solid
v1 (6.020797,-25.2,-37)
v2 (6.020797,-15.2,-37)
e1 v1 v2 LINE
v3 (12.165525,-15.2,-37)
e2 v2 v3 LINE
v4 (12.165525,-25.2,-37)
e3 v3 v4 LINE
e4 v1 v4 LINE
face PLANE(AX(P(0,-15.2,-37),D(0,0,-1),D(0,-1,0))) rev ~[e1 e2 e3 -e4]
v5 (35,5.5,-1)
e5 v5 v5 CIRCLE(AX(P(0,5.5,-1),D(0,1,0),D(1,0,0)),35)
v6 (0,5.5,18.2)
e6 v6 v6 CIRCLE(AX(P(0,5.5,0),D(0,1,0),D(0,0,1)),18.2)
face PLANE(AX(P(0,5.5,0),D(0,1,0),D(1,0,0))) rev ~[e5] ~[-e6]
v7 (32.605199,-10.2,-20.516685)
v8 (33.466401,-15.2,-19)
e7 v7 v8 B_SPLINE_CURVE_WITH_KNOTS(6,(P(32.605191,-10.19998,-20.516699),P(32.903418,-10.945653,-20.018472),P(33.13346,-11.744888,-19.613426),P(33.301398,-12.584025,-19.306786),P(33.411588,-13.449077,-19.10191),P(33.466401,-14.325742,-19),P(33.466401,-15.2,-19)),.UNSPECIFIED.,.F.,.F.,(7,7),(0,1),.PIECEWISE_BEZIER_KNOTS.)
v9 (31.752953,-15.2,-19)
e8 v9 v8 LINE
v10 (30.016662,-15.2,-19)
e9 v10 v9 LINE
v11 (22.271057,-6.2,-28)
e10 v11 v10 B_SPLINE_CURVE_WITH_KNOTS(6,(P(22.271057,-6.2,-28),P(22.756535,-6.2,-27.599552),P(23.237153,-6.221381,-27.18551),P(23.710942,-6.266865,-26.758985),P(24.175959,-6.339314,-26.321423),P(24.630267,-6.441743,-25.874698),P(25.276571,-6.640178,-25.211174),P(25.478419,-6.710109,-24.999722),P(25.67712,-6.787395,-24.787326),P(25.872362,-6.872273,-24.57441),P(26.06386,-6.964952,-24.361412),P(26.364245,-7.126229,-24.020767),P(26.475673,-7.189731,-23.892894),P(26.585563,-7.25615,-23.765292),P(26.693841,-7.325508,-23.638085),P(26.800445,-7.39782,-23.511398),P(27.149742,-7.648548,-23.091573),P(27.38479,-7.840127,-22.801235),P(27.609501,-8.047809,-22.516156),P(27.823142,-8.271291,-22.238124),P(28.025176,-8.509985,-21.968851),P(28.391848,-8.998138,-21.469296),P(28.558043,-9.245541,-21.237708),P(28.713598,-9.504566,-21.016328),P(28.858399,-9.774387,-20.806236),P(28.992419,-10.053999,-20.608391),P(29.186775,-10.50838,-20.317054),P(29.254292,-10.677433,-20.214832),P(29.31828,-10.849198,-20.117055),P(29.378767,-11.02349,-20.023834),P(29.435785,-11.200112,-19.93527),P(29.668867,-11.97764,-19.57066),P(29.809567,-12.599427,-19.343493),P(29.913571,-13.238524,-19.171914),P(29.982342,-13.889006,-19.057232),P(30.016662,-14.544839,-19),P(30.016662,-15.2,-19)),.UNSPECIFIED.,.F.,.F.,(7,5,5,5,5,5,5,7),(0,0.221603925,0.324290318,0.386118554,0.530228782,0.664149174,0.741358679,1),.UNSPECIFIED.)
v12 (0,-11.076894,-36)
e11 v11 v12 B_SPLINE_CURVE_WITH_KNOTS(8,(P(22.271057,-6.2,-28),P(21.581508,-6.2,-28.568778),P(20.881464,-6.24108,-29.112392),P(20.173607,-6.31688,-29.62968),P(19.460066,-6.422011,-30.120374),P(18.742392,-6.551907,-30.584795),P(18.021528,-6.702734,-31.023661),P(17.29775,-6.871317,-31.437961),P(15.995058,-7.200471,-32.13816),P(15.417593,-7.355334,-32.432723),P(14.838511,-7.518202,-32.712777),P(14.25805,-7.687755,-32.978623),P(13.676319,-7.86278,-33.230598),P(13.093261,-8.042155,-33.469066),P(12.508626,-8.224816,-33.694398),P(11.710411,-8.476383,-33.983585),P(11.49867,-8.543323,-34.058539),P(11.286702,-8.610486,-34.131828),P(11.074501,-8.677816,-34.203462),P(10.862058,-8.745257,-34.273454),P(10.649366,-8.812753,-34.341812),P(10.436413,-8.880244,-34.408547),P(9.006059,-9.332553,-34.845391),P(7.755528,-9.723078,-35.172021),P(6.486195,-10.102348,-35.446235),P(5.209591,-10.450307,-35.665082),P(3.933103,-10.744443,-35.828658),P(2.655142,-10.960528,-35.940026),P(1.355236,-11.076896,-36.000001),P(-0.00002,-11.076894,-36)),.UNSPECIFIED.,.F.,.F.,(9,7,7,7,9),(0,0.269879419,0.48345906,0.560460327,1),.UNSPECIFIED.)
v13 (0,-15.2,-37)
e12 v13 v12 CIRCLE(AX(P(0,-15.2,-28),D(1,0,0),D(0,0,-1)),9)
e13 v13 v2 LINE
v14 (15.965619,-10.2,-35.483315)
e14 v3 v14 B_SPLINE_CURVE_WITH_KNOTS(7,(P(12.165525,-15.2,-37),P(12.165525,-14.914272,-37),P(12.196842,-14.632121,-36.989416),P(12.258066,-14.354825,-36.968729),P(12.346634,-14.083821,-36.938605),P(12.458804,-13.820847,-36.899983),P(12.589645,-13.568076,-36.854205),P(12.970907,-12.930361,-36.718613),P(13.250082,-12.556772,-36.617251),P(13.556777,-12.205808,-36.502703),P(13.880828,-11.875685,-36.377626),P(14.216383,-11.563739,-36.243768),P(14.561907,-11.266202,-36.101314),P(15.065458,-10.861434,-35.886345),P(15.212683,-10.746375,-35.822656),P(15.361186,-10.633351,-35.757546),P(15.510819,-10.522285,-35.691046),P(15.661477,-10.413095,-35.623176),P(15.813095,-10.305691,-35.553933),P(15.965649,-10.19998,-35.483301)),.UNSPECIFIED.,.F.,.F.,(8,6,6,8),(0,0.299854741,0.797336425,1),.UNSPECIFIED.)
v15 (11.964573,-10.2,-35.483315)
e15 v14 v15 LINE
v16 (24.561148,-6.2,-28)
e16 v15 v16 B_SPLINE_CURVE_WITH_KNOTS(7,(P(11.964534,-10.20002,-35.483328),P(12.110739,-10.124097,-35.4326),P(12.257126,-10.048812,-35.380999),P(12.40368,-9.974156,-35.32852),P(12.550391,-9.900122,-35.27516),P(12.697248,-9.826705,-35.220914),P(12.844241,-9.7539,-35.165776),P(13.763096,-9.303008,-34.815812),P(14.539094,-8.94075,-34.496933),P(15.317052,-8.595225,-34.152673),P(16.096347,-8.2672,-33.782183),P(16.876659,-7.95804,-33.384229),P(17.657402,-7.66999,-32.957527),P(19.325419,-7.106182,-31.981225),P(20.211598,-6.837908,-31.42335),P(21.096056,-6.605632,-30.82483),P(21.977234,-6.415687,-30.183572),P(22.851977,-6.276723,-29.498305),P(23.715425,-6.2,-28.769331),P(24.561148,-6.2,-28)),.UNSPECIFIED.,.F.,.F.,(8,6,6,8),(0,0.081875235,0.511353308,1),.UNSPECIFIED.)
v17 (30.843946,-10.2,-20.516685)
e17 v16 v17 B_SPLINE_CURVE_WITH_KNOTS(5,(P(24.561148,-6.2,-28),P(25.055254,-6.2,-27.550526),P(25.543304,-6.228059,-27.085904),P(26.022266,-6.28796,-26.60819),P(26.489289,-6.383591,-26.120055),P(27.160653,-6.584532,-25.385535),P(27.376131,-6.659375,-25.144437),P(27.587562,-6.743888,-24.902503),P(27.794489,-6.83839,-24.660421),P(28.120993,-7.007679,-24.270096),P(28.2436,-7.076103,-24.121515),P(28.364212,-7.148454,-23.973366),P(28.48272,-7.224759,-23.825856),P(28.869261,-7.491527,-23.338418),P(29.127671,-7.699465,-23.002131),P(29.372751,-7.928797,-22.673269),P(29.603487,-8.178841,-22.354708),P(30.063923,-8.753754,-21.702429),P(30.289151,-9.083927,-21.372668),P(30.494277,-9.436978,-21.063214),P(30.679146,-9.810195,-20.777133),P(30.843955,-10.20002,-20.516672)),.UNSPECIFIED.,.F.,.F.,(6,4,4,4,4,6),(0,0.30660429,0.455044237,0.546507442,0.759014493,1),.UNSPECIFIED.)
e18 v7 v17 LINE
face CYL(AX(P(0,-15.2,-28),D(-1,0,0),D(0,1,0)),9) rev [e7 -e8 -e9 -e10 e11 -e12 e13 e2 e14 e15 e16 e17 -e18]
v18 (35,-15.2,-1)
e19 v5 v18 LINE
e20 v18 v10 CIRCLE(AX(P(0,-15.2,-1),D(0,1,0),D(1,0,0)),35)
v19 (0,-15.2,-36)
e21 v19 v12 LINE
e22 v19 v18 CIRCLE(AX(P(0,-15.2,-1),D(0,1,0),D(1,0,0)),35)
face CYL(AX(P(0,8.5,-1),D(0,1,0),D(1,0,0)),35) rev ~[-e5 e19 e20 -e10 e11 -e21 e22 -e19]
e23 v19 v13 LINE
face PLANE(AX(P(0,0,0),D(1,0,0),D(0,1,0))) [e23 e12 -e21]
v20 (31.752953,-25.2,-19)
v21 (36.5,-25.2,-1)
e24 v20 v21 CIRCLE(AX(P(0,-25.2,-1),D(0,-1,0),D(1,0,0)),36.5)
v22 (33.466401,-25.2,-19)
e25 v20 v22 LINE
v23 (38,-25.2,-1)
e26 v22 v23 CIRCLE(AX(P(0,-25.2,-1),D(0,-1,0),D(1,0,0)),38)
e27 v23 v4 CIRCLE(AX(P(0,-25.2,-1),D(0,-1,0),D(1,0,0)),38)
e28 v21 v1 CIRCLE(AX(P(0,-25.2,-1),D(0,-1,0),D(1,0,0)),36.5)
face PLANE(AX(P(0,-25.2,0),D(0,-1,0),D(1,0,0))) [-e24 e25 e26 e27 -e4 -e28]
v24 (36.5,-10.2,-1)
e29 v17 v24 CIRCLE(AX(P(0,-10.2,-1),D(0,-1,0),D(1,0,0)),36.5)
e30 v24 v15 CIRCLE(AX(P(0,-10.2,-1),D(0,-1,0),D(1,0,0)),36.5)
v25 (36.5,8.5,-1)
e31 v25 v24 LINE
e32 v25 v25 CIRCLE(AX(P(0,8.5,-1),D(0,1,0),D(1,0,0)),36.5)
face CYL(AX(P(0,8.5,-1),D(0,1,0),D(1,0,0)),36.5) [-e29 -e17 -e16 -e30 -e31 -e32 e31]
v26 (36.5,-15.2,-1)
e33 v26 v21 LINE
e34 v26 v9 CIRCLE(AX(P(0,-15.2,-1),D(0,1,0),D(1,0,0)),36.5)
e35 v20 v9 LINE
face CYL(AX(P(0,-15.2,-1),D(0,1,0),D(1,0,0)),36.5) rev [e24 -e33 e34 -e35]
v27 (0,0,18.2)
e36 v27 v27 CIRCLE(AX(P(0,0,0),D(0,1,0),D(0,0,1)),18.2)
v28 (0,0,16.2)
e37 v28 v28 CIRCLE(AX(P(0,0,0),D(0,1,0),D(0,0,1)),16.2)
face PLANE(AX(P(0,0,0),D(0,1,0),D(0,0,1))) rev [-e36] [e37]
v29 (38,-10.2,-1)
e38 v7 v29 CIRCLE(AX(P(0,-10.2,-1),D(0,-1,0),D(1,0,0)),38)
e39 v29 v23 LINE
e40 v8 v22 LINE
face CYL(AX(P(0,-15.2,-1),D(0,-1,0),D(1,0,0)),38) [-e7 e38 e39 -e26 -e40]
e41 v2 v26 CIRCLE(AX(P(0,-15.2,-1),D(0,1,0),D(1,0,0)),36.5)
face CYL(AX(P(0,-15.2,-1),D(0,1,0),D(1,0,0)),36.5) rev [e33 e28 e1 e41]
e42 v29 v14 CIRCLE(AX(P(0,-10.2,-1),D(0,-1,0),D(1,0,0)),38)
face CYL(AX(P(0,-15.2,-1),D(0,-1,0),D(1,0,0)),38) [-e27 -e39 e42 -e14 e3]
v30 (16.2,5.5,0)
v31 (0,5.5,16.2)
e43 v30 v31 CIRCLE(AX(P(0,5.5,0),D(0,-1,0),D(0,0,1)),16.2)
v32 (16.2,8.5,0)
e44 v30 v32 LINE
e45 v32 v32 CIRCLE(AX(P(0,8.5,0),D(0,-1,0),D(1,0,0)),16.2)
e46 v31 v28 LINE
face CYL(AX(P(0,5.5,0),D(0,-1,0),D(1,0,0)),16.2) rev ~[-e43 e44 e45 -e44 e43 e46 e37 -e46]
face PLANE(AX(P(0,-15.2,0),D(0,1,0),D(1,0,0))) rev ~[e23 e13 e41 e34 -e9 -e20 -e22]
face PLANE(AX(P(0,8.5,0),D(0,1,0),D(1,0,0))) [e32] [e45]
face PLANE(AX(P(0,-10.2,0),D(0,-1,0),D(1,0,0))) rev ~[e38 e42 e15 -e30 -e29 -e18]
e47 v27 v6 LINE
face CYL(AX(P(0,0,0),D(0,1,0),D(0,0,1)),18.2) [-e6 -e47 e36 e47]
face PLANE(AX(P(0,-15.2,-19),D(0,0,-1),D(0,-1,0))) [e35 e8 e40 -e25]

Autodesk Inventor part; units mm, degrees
ref_plane "YZ Plane" through (0, 0, 0) normal (1, 0, 0) x (0, 1, 0)
ref_plane "XZ Plane" through (0, 0, 0) normal (0, 1, 0) x (-1, 0, 0)
ref_plane "XY Plane" through (0, 0, 0) normal (0, 0, 1) x (1, 0, 0)
sketch "Sketch1" plane through (0, 0, 0) normal (1, 0, 0) x (0, 1, 0)
  line L0 (0, 14.6) -> (6.55, 14.6)
  line L1 (6.55, 14.6) -> (6.55, 16.2)
  line L2 (0, 0) -> (0, 21.161) construction
  line L3 (6.55, 16.2) -> (0, 16.2)
  line L4 (0, 16.2) -> (0, 18.2)
  line L5 (0, 18.2) -> (8.5, 18.2)
  line L6 (8.5, 18.2) -> (8.5, 10.2659) construction
  line L7 (8.5, 13.1) -> (3, 13.1)
  line L8 (8.5, 18.2) -> (8.5, 13.1)
  line L9 (0, 2.5) -> (3, 2.5)
  line L10 (0, 0) -> (11.9587, 0) construction
  line L11 (3, 2.5) -> (3, 13.1)
  line L12 (0, 14.6) -> (0, 2.5)
  line L13 (6.55, 16.2) -> (8.5, 16.2)
  dimension "d0" = 6.55
  dimension "d1" = 14.6
  dimension "d2" = 16.2
  dimension "d3" = 2
  dimension "d4" = 8.5
  dimension "d5" = 1.5
  dimension "d6" = 3
  dimension "d7" = 2.5
revolve "Revolution1" add sketch "Sketch1" angle 360 about axis through (0, 0, 0) along (0, 1, 0) contours L3 L4 L5 L8 L13
sketch "Sketch5" plane through (0, 8.5, 0) normal (0, 1, 0) x (1, 0, 0)
  line L0 (0, 0) -> (0, 1)
  circle A0 centre (0, 1) radius 35
  circle A1 centre (0, 1) radius 36.5
  circle A2 centre (0, 0) radius 16.2
  dimension "d29" = 1
  dimension "d30" = 70
  dimension "d31" = 73
extrude "Extrusion2" add sketch "Sketch5" against normal blind 3 contours A0 | A2
extrude "Extrusion3" add sketch "Sketch5" against normal blind 23.7 contours A1
sketch "Sketch7" plane through (0, 5.5, 0) normal (0, -1, 0) x (1, 0, 0)
  circle A0 centre (0, 0) radius 16.2
extrude "Extrusion5" cut sketch "Sketch7" against normal blind 10
sketch "Sketch8" plane through (0, -15.2, 0) normal (0, -1, 0) x (1, 0, 0)
  circle A0 centre (0, -1) radius 36.5
  circle A1 centre (0, -1) radius 38
  point P0 (0, 0)
  dimension "d43" = 73
  dimension "d44" = 1
  dimension "d45" = 76
extrude "Extrusion6" add sketch "Sketch8" along normal blind 10 and the other way blind 5
sketch "Sketch10" plane through (0, 0, 0) normal (1, 0, 0) x (0, 1, 0)
  line L0 (-15.2, -1) -> (-15.2, -20.5)
  line L1 (-15.2, -36) -> (-15.2, 34) projected
  line L2 (-15.2, -20.5) -> (-15.2, -28)
  circle A0 centre (-15.2, -28) radius 9
  line L3 (-15.2, -19) -> (-25.2, -19)
  line L4 (-15.2, 35.5) -> (-15.2, -37.5) projected
  line L5 (-15.2, -37) -> (-25.2, -37)
  line L6 (-25.2, -37) -> (-25.2, -19)
  point P0 (0, 0)
  point P1 (-15.2, -1)
  point P2 (-25.2, -1)
  dimension "d60" = 19.5
  dimension "d61" = 7.5
  dimension "d62" = 18
extrude "Extrusion8" cut sketch "Sketch10" along normal through all
properties part number "Top of Housing.ipt v2"
